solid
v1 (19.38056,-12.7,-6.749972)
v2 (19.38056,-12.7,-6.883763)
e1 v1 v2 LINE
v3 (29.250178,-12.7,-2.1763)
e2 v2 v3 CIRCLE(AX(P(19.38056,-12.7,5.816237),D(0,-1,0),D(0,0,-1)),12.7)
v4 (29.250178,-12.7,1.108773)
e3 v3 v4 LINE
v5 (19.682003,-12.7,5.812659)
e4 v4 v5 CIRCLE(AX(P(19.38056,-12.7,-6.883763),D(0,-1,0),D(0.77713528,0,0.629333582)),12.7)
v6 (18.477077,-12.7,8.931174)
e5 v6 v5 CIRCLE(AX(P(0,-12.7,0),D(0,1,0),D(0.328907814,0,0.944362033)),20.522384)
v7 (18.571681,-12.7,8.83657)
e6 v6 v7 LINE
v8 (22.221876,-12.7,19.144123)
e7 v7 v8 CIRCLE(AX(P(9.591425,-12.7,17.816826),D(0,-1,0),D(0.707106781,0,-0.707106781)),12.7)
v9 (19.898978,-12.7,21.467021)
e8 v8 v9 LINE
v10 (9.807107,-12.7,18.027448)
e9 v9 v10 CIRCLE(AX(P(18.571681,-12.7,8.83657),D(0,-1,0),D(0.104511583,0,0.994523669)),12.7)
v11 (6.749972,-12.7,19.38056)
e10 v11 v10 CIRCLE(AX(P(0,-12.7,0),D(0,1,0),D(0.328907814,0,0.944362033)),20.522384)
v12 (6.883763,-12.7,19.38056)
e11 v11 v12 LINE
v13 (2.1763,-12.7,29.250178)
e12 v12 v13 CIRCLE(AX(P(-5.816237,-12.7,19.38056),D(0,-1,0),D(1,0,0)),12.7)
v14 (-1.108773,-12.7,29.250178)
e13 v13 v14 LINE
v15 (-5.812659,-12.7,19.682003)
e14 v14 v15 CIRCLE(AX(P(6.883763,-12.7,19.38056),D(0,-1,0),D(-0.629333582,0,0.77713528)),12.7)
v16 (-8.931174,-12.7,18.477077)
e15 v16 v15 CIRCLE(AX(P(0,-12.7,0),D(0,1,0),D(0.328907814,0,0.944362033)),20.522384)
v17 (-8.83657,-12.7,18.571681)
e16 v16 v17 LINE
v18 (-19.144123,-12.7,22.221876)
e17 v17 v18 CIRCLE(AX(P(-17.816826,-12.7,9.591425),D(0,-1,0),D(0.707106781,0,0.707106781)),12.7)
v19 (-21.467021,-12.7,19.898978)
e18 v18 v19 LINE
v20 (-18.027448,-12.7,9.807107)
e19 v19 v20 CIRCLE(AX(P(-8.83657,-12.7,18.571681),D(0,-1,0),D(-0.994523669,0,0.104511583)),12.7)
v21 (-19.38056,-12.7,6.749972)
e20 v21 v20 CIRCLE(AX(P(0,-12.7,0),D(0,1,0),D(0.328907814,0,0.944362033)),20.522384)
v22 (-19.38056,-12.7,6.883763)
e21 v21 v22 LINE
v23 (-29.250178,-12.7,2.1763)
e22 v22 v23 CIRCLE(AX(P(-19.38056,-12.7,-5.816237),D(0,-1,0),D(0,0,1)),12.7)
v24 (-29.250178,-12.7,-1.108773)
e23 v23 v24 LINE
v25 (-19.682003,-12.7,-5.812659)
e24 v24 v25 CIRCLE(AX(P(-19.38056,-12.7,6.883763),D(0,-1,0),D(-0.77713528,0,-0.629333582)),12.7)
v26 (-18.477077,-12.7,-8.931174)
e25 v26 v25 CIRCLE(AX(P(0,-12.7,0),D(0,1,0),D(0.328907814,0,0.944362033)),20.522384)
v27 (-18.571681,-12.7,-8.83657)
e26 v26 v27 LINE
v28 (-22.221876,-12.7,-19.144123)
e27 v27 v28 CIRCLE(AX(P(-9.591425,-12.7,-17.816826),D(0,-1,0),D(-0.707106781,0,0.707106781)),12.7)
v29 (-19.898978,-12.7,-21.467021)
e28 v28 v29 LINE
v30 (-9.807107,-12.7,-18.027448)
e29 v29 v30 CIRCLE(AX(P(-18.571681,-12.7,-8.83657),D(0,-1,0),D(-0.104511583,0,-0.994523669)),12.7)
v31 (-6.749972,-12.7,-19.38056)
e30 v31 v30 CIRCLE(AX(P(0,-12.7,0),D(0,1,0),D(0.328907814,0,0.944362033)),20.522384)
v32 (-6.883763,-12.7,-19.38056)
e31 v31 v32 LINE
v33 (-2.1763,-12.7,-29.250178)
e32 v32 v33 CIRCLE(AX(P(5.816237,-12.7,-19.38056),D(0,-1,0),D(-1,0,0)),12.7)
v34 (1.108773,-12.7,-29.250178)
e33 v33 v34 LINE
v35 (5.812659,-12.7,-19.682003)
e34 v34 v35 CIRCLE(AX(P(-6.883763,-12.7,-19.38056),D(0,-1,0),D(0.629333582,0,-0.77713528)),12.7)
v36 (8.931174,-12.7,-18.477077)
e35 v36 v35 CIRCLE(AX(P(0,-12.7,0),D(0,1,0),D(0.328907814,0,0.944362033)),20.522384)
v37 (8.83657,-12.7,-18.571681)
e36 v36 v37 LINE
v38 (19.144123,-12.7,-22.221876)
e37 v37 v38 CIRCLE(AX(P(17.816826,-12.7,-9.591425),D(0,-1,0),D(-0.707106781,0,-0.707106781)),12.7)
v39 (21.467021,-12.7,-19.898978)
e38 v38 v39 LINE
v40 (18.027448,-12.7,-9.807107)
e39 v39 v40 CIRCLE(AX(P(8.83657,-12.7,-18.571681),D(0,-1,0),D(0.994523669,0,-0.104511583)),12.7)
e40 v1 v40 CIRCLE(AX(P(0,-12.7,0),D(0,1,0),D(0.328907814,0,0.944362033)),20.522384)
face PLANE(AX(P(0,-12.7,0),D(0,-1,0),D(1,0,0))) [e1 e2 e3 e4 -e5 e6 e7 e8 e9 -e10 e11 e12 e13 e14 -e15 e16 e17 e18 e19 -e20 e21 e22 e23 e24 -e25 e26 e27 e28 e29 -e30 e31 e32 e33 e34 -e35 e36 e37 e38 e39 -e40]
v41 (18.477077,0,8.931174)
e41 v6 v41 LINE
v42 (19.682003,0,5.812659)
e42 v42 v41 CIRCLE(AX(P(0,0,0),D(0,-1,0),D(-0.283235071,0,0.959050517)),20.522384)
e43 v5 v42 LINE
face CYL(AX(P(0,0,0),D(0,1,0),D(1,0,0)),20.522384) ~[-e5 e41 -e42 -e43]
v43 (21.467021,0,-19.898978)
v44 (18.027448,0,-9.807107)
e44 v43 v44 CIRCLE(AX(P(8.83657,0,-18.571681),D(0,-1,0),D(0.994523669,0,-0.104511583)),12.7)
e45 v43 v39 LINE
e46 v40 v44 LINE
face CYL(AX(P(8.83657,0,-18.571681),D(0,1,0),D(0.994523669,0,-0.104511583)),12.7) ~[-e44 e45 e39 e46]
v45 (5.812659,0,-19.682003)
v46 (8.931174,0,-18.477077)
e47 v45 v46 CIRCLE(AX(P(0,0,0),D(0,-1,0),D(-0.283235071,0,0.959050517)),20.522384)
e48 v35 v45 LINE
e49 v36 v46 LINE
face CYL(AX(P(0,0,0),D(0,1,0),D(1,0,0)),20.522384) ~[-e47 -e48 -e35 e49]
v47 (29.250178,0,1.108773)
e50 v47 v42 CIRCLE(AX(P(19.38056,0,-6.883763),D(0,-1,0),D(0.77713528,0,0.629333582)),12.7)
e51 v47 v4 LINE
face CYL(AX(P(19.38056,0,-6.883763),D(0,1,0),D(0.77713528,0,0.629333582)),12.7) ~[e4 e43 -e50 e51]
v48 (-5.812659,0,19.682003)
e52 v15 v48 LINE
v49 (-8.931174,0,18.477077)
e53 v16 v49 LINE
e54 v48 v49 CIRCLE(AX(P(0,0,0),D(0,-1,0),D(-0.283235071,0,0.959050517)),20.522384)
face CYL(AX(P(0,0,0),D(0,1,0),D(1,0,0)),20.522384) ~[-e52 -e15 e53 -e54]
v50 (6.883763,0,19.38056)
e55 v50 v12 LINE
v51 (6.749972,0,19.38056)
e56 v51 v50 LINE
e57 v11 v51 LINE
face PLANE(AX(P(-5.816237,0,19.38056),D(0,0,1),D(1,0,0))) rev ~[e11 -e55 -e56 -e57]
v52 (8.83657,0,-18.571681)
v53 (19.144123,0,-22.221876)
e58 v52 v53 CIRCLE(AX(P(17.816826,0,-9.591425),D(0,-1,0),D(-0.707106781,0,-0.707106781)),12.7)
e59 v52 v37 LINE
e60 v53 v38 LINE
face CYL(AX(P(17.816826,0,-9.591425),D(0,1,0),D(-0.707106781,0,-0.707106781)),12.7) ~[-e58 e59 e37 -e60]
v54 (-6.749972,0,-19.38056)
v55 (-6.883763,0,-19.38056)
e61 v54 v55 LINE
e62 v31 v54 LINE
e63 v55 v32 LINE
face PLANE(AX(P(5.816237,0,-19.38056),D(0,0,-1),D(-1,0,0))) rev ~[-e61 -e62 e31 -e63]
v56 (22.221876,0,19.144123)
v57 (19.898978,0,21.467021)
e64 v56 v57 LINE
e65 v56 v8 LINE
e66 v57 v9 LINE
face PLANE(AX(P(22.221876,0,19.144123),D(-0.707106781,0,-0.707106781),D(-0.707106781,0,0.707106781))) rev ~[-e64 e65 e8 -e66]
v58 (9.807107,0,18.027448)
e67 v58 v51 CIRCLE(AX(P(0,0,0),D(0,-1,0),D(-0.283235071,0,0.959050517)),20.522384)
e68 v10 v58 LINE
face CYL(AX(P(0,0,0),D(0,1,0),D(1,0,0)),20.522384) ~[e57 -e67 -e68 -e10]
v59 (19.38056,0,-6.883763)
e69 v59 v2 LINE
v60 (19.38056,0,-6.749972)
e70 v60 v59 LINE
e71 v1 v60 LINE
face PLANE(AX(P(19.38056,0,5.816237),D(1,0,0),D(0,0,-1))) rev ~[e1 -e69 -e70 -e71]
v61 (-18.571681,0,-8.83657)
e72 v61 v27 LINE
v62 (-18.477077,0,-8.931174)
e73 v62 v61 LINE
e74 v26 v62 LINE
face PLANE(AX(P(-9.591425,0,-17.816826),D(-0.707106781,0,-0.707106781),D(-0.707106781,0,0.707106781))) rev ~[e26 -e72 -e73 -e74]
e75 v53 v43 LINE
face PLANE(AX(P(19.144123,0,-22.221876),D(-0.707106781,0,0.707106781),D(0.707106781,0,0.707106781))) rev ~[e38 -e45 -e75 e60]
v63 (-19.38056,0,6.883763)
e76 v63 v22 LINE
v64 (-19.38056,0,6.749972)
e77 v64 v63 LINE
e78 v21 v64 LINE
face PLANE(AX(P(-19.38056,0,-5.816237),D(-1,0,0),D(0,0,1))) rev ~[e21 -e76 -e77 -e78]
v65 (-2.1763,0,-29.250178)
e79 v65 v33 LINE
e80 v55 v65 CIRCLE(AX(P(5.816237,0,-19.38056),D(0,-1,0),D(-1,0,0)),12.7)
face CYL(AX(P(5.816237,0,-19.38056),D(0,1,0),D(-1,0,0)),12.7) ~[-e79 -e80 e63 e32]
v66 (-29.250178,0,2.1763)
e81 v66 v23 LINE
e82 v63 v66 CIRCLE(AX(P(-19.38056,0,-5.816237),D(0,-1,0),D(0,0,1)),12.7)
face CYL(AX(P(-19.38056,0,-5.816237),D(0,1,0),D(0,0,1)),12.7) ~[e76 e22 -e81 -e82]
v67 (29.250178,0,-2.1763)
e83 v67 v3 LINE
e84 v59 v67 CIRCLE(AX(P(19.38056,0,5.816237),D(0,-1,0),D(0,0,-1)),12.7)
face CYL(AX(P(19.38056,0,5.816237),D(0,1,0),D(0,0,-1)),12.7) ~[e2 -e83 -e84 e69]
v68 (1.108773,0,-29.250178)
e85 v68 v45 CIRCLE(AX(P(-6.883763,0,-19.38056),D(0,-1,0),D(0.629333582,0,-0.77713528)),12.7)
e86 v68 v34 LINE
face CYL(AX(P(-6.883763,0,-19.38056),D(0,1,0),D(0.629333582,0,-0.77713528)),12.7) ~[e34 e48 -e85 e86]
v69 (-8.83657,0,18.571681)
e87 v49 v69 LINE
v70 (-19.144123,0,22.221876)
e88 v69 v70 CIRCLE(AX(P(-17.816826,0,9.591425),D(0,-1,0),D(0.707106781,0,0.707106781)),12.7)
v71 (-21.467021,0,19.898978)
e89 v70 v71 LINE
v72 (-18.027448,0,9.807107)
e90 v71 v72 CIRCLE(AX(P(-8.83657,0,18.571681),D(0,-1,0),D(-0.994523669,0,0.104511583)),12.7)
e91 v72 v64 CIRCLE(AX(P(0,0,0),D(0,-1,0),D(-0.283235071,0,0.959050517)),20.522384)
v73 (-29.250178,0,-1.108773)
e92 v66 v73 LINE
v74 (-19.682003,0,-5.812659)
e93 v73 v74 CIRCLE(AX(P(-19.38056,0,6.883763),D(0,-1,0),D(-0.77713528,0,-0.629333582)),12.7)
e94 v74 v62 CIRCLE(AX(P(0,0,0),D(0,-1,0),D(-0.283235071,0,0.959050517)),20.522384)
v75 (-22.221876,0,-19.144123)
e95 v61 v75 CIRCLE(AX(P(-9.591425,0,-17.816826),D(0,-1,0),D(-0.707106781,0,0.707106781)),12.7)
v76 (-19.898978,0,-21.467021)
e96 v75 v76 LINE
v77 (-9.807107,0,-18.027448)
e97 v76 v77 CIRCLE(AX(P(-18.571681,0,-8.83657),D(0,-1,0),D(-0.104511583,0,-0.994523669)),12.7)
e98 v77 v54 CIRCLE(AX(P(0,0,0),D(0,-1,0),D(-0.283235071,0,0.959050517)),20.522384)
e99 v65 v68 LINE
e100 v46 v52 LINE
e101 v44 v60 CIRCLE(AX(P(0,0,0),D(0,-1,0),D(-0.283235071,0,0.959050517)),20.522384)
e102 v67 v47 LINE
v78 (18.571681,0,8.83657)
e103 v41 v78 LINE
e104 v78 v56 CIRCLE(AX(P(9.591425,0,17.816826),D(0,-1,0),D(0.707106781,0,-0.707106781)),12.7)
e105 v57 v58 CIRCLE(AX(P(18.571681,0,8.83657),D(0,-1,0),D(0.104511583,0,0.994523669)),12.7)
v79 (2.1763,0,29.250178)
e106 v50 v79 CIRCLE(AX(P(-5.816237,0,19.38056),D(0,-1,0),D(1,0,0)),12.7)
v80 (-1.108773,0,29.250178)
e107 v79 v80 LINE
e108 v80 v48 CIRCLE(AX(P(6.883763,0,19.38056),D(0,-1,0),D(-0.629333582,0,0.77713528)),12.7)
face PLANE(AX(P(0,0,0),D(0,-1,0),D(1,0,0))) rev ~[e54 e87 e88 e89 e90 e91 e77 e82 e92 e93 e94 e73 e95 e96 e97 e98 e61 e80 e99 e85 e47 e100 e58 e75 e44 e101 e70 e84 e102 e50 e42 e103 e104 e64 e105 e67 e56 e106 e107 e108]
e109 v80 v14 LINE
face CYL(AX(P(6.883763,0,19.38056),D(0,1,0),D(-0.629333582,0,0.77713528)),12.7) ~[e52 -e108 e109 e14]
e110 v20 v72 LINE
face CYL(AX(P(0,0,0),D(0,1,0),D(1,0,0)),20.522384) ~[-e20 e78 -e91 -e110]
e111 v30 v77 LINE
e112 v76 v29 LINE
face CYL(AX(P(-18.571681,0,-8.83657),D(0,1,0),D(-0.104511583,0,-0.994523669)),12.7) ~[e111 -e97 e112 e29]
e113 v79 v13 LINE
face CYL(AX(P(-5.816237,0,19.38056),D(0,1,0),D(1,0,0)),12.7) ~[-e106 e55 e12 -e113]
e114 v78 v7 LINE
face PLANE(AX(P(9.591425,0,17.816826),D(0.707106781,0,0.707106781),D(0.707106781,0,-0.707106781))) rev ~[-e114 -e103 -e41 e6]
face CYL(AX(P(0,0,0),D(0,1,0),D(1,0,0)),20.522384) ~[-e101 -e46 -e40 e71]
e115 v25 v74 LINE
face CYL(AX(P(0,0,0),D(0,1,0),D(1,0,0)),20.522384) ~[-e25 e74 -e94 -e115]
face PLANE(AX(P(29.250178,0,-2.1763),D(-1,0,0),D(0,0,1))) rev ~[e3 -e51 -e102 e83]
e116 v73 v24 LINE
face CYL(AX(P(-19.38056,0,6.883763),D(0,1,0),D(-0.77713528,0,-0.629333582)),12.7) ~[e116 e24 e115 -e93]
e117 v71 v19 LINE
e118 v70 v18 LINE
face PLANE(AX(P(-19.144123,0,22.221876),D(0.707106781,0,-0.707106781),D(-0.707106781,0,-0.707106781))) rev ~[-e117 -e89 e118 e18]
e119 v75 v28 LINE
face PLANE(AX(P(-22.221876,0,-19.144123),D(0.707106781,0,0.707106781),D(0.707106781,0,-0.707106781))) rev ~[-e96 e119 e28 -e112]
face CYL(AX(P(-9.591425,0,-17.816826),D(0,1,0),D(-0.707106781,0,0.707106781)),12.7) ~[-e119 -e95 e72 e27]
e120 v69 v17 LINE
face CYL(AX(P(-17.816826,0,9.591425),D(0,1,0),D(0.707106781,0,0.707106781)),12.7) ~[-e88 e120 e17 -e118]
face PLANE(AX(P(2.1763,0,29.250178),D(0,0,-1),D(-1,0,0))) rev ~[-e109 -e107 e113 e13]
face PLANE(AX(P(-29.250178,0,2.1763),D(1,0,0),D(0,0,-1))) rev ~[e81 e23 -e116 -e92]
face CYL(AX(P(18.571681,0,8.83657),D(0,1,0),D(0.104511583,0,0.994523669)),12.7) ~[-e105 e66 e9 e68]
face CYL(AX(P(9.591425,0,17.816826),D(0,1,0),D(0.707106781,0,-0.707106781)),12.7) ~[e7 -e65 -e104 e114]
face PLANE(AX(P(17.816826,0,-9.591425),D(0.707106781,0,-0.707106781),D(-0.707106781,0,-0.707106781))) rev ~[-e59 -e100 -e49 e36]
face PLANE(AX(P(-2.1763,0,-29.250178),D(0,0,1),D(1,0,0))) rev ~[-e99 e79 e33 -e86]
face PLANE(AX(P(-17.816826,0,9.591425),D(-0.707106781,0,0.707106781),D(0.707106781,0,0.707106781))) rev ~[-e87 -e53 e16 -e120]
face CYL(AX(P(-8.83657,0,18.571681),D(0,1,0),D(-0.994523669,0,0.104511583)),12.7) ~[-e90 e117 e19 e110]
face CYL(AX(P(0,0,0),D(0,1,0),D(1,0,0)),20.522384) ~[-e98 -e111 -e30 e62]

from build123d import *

# Parameters (mm, degrees)
F2_DEPTH = 12.7
F1_R     = 20.5223839117
F3_DEPTH = 12.7
F4_COUNT = 8
F7_DEPTH = 12.7
F6_R     = 43.0741036452
F8_DEPTH = 12.7
F9_COUNT = 15


with BuildPart() as f2:
    # F0 (on Front) → F2 (new body)
    with BuildSketch(Plane.XZ):
        with BuildLine():
            Line((-5.8162368315, 19.3805601989), (6.8837631685, 19.3805601989))
            ThreePointArc((6.8837631685, 19.3805601989), (5.6466426807, 24.8479538456), (2.1762996585, 29.250178249))
            Line((2.1762996585, 29.250178249), (-1.1087733216, 29.250178249))
            ThreePointArc((-1.1087733216, 29.250178249), (-4.5791163438, 24.8479538456), (-5.8162368315, 19.3805601989))
        make_face()
    extrude(amount=F2_DEPTH)

    # F1 (on Front) → F3 (join)
    with BuildSketch(Plane.XZ):
        Circle(F1_R)
    extrude(amount=F3_DEPTH)

    # F4: F2 ×8 about axis
    f4_axis = Axis((0, 0, 0), (0, 1, 0))


with BuildPart() as f2_1:
    add(f2.part)
    for i in range(1, F4_COUNT):
        add(f2.part.rotate(f4_axis, i * 360 / F4_COUNT))


with BuildPart() as f7:
    # F5 (on Front) → F7 (new body)
    with BuildSketch(Plane.XZ):
        with BuildLine():
            Line((-96.6539090335, 40.7748068149), (-83.9539090335, 40.7748068149))
            ThreePointArc((-83.9539090335, 40.7748068149), (-85.1910295213, 46.2422004616), (-88.6613725435, 50.644424865))
            Line((-88.6613725435, 50.644424865), (-91.9464455236, 50.644424865))
            ThreePointArc((-91.9464455236, 50.644424865), (-95.4167885458, 46.2422004616), (-96.6539090335, 40.7748068149))
        make_face()
    extrude(amount=F7_DEPTH)

    # F6 (on Front) → F8 (join)
    with BuildSketch(Plane.XZ):
        with Locations((-88.5588899255, 0)):
            Circle(F6_R)
    extrude(amount=F8_DEPTH)

    # F9: F7 ×15 about axis
    f9_axis = Axis((-88.5588899255, 0, 0), (0, 1, 0))


with BuildPart() as f7_1:
    add(f7.part)
    for i in range(1, F9_COUNT):
        add(f7.part.rotate(f9_axis, i * 360 / F9_COUNT))


solid = f2_1.part
